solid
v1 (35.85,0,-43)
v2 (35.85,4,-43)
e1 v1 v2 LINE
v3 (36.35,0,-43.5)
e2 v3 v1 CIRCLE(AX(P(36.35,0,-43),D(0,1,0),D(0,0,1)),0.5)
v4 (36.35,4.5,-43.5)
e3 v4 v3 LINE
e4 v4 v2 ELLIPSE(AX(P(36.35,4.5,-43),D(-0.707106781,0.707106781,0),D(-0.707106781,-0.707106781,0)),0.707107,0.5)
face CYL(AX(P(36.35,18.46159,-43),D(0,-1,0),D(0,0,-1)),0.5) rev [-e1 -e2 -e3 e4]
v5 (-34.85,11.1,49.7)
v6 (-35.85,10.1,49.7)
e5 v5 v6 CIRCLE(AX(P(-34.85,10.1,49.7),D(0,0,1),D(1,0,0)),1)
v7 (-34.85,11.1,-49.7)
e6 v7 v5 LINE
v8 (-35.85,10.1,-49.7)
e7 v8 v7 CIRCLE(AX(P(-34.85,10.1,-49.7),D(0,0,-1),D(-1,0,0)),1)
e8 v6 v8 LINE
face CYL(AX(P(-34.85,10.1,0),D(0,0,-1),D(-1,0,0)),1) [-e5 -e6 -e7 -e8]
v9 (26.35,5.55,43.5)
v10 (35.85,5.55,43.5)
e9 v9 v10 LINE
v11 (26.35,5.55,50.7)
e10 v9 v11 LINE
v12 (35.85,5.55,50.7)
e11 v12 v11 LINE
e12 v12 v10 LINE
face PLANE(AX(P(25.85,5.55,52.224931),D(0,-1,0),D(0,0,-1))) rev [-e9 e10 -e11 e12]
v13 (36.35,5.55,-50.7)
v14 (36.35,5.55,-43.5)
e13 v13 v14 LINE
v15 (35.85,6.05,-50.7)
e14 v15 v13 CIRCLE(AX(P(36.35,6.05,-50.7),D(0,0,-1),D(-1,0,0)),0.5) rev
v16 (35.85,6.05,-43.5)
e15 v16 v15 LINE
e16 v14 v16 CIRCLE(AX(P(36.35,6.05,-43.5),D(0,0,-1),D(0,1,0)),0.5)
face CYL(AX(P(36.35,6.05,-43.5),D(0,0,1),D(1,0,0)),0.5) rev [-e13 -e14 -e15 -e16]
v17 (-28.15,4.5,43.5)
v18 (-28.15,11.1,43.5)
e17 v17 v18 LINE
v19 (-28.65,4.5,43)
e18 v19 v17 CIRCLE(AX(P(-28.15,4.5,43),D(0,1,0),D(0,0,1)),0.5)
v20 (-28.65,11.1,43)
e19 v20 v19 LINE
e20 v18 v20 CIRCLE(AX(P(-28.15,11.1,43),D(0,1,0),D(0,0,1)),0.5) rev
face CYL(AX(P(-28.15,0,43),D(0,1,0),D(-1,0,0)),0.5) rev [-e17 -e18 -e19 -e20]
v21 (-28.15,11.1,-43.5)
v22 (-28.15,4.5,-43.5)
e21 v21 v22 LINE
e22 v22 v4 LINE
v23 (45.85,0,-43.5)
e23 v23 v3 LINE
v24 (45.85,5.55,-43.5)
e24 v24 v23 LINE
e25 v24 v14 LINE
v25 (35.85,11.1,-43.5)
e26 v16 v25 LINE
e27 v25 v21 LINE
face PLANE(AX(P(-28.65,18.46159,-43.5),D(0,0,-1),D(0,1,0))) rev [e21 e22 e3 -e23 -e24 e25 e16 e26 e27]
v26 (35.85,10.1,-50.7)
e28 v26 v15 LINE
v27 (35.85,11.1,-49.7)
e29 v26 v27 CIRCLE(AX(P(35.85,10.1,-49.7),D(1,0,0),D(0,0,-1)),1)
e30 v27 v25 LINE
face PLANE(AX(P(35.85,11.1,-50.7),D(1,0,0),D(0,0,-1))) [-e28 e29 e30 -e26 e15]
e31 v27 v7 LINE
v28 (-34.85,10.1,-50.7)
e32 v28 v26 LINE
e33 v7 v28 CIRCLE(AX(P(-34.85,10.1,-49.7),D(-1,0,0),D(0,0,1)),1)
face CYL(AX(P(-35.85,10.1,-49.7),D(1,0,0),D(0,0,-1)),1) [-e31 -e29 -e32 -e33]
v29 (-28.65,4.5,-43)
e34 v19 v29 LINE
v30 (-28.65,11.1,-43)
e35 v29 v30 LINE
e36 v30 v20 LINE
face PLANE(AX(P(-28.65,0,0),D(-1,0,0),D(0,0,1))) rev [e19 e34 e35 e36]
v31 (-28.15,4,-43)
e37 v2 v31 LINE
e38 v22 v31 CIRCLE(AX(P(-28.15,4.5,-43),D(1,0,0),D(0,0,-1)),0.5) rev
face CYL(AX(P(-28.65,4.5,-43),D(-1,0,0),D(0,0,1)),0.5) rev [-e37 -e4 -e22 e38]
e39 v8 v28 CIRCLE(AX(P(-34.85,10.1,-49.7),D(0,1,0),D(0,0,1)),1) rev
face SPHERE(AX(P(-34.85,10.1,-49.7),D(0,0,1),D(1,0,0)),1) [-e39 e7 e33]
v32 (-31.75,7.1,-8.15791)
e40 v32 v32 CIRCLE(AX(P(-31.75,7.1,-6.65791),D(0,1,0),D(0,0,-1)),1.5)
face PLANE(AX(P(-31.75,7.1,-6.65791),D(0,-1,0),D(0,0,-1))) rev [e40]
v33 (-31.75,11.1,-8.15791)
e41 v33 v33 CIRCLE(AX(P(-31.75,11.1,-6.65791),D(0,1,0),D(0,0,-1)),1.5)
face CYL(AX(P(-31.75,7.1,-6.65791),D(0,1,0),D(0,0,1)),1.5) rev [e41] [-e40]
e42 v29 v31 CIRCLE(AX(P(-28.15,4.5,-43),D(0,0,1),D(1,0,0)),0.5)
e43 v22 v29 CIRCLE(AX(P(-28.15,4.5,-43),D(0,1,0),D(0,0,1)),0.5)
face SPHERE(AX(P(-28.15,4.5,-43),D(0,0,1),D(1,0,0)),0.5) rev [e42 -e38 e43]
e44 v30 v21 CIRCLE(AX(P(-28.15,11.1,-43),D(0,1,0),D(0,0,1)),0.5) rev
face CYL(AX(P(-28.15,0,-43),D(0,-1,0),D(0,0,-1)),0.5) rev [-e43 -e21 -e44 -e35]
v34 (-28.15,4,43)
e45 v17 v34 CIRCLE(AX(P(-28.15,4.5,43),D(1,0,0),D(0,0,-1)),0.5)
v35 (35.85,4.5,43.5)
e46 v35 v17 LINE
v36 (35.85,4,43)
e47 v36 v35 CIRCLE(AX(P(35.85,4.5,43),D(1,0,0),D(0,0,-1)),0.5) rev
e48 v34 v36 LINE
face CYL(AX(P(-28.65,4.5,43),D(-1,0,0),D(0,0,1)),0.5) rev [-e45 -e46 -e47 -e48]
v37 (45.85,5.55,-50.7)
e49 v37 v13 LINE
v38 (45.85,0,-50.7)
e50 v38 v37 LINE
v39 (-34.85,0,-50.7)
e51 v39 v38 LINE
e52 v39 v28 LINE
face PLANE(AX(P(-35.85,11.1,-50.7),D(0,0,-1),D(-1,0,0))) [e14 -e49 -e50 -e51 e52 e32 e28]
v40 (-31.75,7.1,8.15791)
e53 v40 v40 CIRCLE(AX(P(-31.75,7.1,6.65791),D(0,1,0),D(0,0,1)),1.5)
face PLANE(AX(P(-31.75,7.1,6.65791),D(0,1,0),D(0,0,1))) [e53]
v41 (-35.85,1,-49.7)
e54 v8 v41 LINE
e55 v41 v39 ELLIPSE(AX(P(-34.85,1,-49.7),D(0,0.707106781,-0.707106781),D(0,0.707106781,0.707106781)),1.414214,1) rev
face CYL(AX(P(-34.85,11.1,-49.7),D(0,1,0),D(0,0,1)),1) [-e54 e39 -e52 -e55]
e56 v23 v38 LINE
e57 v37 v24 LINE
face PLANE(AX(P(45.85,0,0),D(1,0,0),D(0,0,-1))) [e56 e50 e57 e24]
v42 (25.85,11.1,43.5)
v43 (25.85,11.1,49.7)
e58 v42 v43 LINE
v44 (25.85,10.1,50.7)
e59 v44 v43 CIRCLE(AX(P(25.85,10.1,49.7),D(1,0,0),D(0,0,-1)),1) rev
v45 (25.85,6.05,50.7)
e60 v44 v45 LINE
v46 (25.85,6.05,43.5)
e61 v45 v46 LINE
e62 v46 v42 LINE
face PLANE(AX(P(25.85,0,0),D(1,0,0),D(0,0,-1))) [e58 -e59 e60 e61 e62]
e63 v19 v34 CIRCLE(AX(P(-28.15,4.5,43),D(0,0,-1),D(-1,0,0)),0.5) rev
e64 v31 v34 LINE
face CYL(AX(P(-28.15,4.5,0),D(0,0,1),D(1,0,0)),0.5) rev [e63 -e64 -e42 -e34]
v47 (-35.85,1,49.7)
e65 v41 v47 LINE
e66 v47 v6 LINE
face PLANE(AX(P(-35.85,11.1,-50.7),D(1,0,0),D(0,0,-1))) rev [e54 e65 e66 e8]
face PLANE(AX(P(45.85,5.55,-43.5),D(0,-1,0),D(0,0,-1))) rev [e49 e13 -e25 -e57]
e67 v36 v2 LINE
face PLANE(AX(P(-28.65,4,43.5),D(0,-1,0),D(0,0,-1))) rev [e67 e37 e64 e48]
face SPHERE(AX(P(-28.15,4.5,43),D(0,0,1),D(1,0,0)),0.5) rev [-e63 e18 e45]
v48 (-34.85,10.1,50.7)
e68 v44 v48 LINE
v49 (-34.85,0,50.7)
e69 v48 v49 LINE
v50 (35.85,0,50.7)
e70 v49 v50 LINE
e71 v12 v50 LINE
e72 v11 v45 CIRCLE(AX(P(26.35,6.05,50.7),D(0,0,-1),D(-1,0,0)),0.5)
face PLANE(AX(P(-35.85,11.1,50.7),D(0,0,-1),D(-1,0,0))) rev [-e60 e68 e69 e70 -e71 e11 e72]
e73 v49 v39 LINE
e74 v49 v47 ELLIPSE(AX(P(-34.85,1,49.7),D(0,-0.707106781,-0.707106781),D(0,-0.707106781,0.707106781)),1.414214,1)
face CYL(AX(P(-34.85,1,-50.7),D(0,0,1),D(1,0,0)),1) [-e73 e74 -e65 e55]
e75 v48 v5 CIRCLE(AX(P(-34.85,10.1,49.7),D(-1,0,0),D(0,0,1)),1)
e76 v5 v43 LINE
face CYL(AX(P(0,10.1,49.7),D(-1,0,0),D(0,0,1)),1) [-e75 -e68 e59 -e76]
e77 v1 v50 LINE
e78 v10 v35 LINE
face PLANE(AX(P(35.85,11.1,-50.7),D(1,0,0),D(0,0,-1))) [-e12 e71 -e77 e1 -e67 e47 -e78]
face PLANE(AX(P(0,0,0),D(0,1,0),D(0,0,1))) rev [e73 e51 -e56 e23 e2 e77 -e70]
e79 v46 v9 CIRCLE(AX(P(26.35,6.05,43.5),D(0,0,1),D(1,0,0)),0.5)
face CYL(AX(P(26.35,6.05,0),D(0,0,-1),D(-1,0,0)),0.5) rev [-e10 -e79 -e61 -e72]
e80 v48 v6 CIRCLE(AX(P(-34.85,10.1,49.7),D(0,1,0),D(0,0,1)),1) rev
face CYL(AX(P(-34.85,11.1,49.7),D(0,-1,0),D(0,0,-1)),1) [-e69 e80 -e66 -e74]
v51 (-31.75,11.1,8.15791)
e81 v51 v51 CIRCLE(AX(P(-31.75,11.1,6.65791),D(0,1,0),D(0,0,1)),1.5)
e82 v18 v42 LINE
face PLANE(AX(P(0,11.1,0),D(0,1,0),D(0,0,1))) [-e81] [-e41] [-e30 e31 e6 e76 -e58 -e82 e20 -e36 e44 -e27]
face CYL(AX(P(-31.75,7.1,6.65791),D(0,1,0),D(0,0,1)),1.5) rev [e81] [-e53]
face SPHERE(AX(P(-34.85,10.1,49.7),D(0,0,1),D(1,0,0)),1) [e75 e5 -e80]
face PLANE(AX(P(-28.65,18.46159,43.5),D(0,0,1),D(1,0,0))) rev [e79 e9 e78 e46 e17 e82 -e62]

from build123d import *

# Parameters (mm, degrees)
SKETCH1_W           = 71.7
SKETCH1_H           = 101.4
BOSS_EXTRUDE1_DEPTH = 11.1
SKETCH5_W           = 87
SKETCH5_H           = 14.461590439
CUT_EXTRUDE1_DEPTH  = 64.5
FILLET2_R           = 1
SKETCH7_R           = 1.5
CUT_EXTRUDE3_DEPTH  = 4
SKETCH10_W          = 8.724930765
SKETCH10_H          = 5.55
CUT_EXTRUDE5_DEPTH  = 10
SKETCH11_W          = 7.2
SKETCH11_H          = 5.55
BOSS_EXTRUDE2_DEPTH = 10
FILLET3_R           = 0.5


with BuildPart() as part:
    # Sketch1 → Boss-Extrude1 (new body)
    with BuildSketch(Plane(origin=(0, 0, 0), x_dir=(1, 0, 0), z_dir=(0, 1, 0))):
        Rectangle(SKETCH1_W, SKETCH1_H)
    extrude(amount=BOSS_EXTRUDE1_DEPTH)

    # Sketch5 → Cut-Extrude1 (cut)
    with BuildSketch(Plane(origin=(35.85, 0, 0), x_dir=(0, 0, -1), z_dir=(1, 0, 0))):
        with Locations((0, 11.23079522)):
            Rectangle(SKETCH5_W, SKETCH5_H)
    extrude(amount=-CUT_EXTRUDE1_DEPTH, mode=Mode.SUBTRACT)

    # Fillet2
    fillet2_edges = [part.edges().sort_by_distance(p)[0] for p in [
        (0, 11.1, -50.7),
        (-35.85, 11.1, 0),
        (-35.85, 0, 0),
        (0, 11.1, 50.7),
        (-35.85, 5.55, -50.7),
        (-35.85, 5.55, 50.7),
    ]]
    fillet(fillet2_edges, radius=FILLET2_R)

    # Sketch7 → Cut-Extrude3 (cut)
    with BuildSketch(Plane(origin=(0, 11.1, 0), x_dir=(1, 0, 0), z_dir=(0, 1, 0))):
        with Locations(Location((-31.75, -6.65790951, 0), (0, 0, 270))):
            Circle(SKETCH7_R)
        with Locations(Location((-31.75, 6.65790951, 0), (0, 0, 90))):
            Circle(SKETCH7_R)
    extrude(amount=-CUT_EXTRUDE3_DEPTH, mode=Mode.SUBTRACT)

    # Sketch10 → Cut-Extrude5 (cut)
    with BuildSketch(Plane(origin=(35.85, 0, 0), x_dir=(0, 0, -1), z_dir=(1, 0, 0))):
        with Locations((-47.862465383, 8.325)):
            Rectangle(SKETCH10_W, SKETCH10_H)
    extrude(amount=-CUT_EXTRUDE5_DEPTH, mode=Mode.SUBTRACT)

    # Sketch11 → Boss-Extrude2 (add)
    with BuildSketch(Plane(origin=(35.85, 0, 0), x_dir=(0, 0, -1), z_dir=(1, 0, 0))):
        with Locations((47.1, 2.775)):
            Rectangle(SKETCH11_W, SKETCH11_H)
    extrude(amount=BOSS_EXTRUDE2_DEPTH)

    # Fillet3
    fillet3_edges = [part.edges().sort_by_distance(p)[0] for p in [
        (-28.65, 4, 0),
        (3.6, 4, -43.5),
        (3.6, 4, 43.5),
        (-28.65, 7.55, -43.5),
        (-28.65, 7.55, 43.5),
        (25.85, 5.55, 47.1),
        (35.85, 5.55, -47.1),
        (35.85, 2, -43.5),
    ]]
    fillet(fillet3_edges, radius=FILLET3_R)


solid = part.part
